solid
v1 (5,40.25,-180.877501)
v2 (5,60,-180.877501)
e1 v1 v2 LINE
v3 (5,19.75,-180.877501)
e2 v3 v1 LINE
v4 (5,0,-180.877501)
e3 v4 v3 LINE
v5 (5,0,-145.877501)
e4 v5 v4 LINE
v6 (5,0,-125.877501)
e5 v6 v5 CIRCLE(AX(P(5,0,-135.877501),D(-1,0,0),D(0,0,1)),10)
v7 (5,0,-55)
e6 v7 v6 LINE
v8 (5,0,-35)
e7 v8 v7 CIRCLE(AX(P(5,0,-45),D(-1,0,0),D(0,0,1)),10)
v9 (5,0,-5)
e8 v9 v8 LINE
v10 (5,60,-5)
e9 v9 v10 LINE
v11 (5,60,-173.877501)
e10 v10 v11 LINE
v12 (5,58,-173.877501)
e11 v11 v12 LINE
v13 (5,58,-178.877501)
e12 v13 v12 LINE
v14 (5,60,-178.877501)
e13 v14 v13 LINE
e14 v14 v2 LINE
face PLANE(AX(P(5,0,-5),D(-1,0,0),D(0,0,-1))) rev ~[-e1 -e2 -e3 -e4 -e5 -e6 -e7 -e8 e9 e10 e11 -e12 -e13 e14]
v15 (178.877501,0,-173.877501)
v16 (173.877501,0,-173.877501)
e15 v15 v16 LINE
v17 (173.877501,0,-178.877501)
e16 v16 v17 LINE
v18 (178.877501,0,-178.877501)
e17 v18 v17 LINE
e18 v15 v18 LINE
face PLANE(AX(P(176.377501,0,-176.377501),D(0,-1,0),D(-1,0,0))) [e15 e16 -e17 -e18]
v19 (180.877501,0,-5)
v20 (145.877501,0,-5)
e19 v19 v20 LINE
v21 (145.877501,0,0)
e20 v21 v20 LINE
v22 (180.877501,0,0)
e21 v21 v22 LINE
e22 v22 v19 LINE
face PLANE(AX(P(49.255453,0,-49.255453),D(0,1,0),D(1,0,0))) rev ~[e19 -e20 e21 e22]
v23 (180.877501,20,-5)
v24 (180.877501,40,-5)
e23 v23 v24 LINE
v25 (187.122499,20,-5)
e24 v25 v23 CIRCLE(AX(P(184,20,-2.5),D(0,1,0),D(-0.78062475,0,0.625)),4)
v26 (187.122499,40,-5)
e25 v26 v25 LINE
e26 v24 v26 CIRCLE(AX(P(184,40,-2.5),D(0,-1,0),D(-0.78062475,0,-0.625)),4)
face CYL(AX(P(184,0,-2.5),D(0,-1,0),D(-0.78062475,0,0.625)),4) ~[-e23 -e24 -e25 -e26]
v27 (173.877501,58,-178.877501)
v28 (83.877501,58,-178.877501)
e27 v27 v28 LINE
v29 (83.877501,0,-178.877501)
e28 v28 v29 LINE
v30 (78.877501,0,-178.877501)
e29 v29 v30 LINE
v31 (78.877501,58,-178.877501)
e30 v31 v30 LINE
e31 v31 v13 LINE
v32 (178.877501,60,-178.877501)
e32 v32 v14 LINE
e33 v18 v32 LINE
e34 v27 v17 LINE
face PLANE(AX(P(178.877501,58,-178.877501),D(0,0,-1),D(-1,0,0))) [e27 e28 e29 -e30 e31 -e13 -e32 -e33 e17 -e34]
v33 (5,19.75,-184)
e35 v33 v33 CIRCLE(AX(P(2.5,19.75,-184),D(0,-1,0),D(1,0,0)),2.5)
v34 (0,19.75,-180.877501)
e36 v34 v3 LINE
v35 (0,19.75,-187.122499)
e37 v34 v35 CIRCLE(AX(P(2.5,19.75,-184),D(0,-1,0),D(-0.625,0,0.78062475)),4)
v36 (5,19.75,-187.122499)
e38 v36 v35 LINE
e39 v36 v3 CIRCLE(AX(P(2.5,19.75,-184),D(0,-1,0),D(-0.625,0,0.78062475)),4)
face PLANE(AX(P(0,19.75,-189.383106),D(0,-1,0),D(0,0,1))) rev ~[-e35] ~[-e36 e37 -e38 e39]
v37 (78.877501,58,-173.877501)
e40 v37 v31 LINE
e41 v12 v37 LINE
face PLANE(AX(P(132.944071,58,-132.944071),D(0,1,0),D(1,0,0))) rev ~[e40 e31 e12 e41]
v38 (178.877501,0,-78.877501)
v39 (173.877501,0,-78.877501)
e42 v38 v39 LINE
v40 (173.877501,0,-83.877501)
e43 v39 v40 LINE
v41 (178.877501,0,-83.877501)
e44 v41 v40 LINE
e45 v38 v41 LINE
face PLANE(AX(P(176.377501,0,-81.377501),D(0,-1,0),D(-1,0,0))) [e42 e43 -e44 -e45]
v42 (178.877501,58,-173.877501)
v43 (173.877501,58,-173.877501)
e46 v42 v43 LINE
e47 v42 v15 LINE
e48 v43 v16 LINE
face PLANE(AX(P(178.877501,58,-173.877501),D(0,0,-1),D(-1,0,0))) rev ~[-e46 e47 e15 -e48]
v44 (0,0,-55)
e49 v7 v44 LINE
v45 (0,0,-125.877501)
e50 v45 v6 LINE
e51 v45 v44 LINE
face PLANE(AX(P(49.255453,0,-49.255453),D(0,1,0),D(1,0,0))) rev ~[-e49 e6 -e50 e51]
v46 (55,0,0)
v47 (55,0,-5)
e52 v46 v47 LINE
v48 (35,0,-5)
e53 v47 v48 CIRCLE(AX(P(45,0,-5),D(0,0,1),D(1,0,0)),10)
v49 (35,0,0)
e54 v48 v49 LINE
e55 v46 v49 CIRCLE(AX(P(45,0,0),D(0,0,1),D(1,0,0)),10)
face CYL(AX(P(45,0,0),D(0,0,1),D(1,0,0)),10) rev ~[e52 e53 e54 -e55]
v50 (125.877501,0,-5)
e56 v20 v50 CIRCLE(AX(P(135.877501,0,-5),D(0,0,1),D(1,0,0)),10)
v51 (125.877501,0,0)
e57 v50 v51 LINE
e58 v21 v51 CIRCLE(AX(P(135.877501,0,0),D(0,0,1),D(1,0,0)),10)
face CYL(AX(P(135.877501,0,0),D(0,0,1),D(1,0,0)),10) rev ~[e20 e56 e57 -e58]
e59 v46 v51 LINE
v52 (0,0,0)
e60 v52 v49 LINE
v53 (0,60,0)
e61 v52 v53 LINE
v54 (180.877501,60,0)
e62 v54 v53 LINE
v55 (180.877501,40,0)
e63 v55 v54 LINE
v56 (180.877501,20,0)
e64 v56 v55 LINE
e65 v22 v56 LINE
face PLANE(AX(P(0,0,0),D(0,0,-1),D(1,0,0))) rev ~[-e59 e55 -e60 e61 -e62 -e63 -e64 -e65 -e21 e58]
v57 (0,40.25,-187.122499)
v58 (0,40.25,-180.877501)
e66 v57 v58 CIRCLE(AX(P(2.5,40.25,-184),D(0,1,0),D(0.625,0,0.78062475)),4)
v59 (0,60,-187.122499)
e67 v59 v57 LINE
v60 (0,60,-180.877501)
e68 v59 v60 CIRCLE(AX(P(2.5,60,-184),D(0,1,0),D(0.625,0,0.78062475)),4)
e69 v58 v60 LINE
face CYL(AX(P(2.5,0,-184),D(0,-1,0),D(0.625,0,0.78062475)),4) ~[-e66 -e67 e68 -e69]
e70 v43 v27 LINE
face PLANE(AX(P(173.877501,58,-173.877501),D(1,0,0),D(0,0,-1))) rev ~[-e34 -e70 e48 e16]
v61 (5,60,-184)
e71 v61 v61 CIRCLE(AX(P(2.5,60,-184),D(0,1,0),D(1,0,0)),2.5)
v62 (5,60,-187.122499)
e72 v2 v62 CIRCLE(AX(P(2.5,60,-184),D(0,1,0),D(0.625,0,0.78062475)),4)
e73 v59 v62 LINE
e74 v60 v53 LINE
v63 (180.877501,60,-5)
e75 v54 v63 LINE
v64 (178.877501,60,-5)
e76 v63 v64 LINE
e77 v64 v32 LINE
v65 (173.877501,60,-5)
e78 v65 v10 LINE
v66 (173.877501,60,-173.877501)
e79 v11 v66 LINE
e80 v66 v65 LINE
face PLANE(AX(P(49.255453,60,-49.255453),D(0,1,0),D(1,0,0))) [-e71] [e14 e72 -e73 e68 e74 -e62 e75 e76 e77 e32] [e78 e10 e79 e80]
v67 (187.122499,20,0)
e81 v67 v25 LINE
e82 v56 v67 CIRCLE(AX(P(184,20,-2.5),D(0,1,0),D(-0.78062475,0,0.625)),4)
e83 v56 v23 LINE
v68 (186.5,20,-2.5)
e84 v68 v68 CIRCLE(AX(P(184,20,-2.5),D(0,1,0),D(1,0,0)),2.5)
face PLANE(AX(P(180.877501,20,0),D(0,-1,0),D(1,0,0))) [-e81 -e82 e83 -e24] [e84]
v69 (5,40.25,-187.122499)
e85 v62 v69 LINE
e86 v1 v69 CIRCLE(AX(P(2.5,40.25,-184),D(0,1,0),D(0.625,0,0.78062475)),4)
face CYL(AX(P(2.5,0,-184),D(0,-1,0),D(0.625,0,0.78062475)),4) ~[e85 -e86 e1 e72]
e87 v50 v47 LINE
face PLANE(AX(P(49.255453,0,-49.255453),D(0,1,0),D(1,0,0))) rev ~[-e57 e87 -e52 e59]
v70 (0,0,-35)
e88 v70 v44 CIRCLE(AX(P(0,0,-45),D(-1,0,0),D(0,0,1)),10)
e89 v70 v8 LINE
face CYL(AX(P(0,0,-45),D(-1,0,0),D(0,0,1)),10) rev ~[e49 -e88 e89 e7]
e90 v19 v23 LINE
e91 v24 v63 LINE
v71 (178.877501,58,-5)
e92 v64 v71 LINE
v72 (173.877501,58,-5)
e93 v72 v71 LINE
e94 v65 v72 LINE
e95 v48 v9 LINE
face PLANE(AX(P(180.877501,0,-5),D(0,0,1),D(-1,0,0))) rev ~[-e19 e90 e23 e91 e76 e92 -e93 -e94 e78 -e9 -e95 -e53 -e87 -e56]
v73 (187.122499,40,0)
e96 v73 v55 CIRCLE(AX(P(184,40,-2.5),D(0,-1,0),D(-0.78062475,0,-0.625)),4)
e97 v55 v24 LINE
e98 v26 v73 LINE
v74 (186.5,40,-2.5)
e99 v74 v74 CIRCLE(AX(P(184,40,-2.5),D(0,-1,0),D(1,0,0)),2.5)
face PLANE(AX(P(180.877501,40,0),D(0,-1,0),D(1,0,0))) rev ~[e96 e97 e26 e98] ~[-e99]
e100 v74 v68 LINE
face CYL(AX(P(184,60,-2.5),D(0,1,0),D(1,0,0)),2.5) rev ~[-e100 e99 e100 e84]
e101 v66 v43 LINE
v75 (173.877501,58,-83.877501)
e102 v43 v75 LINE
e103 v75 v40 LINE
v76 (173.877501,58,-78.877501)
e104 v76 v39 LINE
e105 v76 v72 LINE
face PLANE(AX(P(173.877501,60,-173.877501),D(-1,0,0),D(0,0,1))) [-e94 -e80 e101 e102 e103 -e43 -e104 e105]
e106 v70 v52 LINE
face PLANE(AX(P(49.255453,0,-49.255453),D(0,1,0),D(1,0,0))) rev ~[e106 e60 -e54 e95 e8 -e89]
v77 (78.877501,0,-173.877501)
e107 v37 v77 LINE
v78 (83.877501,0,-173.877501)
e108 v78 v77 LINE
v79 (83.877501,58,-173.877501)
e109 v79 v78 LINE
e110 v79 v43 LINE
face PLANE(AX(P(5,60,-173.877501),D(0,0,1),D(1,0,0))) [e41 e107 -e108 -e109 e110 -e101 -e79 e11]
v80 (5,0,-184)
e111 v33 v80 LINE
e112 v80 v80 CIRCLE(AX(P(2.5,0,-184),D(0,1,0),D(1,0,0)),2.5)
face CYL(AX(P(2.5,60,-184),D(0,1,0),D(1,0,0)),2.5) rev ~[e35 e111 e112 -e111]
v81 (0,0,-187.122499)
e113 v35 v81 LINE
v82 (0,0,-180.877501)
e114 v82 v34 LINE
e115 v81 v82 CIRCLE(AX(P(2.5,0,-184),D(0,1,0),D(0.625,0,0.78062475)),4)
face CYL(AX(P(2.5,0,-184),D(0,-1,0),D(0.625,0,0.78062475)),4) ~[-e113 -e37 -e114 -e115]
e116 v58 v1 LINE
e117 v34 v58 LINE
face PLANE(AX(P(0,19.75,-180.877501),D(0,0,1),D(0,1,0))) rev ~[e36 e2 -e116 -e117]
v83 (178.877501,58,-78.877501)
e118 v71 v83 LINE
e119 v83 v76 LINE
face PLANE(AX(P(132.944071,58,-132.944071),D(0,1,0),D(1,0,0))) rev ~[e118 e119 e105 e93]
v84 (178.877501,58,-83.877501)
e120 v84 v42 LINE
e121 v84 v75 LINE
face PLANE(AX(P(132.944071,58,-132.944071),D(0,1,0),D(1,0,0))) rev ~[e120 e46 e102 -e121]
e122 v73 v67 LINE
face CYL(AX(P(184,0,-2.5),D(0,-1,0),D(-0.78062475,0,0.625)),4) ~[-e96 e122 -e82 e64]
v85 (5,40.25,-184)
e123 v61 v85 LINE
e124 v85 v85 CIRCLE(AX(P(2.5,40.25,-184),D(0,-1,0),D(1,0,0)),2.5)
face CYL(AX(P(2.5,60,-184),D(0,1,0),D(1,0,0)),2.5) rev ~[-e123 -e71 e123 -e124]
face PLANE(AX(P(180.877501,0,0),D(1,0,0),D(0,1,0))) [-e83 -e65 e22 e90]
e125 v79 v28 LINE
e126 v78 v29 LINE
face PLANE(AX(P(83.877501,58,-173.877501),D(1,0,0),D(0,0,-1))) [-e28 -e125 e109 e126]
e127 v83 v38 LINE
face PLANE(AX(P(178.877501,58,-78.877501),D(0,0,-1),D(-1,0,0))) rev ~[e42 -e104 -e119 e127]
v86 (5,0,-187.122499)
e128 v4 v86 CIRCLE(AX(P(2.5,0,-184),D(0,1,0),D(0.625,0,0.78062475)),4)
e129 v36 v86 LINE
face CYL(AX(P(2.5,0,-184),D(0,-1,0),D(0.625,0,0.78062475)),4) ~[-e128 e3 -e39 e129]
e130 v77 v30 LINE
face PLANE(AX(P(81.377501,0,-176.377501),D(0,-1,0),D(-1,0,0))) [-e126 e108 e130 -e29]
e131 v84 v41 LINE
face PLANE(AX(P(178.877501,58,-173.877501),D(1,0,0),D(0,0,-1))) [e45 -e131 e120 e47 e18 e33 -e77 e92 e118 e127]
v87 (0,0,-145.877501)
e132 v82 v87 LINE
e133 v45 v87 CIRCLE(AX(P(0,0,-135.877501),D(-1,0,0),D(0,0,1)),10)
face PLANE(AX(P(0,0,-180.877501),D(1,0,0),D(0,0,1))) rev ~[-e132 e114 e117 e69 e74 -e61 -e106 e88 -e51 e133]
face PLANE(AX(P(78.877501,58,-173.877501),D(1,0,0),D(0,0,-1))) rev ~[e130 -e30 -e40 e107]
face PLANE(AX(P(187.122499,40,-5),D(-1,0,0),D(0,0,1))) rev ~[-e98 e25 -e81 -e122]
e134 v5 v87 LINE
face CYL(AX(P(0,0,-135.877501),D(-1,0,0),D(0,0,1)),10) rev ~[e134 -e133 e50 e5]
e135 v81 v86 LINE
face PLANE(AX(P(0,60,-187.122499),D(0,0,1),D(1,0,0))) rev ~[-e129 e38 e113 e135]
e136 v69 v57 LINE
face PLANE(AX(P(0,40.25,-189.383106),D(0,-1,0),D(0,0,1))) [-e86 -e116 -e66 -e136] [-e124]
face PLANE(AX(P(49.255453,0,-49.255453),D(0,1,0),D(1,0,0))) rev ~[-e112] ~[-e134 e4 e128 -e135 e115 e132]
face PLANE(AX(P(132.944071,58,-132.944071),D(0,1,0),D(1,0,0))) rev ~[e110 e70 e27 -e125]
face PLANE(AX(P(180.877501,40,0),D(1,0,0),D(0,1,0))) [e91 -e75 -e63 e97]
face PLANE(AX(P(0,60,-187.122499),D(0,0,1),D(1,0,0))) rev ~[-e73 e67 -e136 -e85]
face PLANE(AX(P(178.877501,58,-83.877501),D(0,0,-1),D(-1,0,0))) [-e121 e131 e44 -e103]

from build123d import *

# Parameters (mm, degrees)
BOSS_EXTRUDE1_DEPTH     = 60
SKETCH2_R               = 2.5
CUT_EXTRUDE1_DEPTH      = 60
SKETCH4_W               = 7.122498999
SKETCH4_H               = 20
CUT_EXTRUDE3_DEPTH      = 2.5
CUT_EXTRUDE3_DEPTH_BACK = 189
CUT_EXTRUDE4_DEPTH      = 21
CUT_EXTRUDE4_DEPTH_BACK = 41
SKETCH6_W               = 8.505604829
SKETCH6_H               = 20.5
CUT_EXTRUDE6_DEPTH      = 2.5
CUT_EXTRUDE6_DEPTH_BACK = 188.122498999
CUT_EXTRUDE7_DEPTH      = 1
CUT_EXTRUDE7_DEPTH_BACK = 61
BOSS_EXTRUDE2_DEPTH     = 2
SKETCH9_W               = 5
SKETCH9_H               = 5
BOSS_EXTRUDE3_DEPTH     = 58


with BuildPart() as part:
    # Sketch1 → Boss-Extrude1 (new body)
    with BuildSketch(Plane(origin=(0, 0, 0), x_dir=(1, 0, 0), z_dir=(0, 1, 0))):
        with BuildLine():
            Line((0, 0), (180, 0))
            Line((180, 0), (180.877501001, 0))
            ThreePointArc((180.877501001, 0), (188, 2.5), (180.877501001, 5))
            Line((180.877501001, 5), (180, 5))
            Line((180, 5), (5, 5))
            Line((5, 5), (5, 180))
            Line((5, 180), (5, 180.877501001))
            ThreePointArc((5, 180.877501001), (2.5, 188), (0, 180.877501001))
            Line((0, 180.877501001), (0, 180))
            Line((0, 180), (0, 0))
        make_face()
    extrude(amount=BOSS_EXTRUDE1_DEPTH)

    # Sketch2 → Cut-Extrude1 (cut)
    with BuildSketch(Plane(origin=(0, 60, 0), x_dir=(1, 0, 0), z_dir=(0, 1, 0))):
        with Locations((184, 2.5)):
            Circle(SKETCH2_R)
        with Locations((2.5, 184)):
            Circle(SKETCH2_R)
    extrude(amount=-CUT_EXTRUDE1_DEPTH, mode=Mode.SUBTRACT)

    # Sketch4 → Cut-Extrude3 (cut, two sides)
    with BuildSketch(Plane.XY) as cut_extrude3_sk:
        with BuildLine():
            ThreePointArc((35, 0), (45, -10), (55, 0))
            Line((55, 0), (45, 0))
            Line((45, 0), (35, 0))
        make_face()
        with BuildLine():
            Line((45, 0), (55, 0))
            ThreePointArc((55, 0), (45, 10), (35, 0))
            Line((35, 0), (45, 0))
        make_face()
        with BuildLine():
            ThreePointArc((125.877501001, 0), (135.877501001, -10), (145.877501001, 0))
            Line((145.877501001, 0), (135.877501001, 0))
            Line((135.877501001, 0), (125.877501001, 0))
        make_face()
        with BuildLine():
            Line((135.877501001, 0), (145.877501001, 0))
            ThreePointArc((145.877501001, 0), (135.877501001, 10), (125.877501001, 0))
            Line((125.877501001, 0), (135.877501001, 0))
        make_face()
        with Locations((184.438750501, 10)):
            Rectangle(SKETCH4_W, SKETCH4_H)
        with Locations((184.438750501, 50)):
            Rectangle(SKETCH4_W, SKETCH4_H)
    extrude(amount=CUT_EXTRUDE3_DEPTH, mode=Mode.SUBTRACT)
    extrude(cut_extrude3_sk.sketch, amount=-CUT_EXTRUDE3_DEPTH_BACK, mode=Mode.SUBTRACT)

    # Sketch5 → Cut-Extrude4 (cut, two sides)
    with BuildSketch(Plane(origin=(0, 40, 0), x_dir=(1, 0, 0), z_dir=(0, 1, 0))) as cut_extrude4_sk:
        with BuildLine():
            Line((187.122498999, 5), (187.122498999, 2.5))
            Line((187.122498999, 2.5), (187.122498999, 0))
            ThreePointArc((187.122498999, 0), (188, 2.5), (187.122498999, 5))
        make_face()
    extrude(amount=CUT_EXTRUDE4_DEPTH, mode=Mode.SUBTRACT)
    extrude(cut_extrude4_sk.sketch, amount=-CUT_EXTRUDE4_DEPTH_BACK, mode=Mode.SUBTRACT)

    # Sketch6 → Cut-Extrude6 (cut, two sides)
    with BuildSketch(Plane.ZY) as cut_extrude6_sk:
        with BuildLine():
            ThreePointArc((-145.877501001, 0), (-135.877501001, -10), (-125.877501001, 0))
            Line((-125.877501001, 0), (-135.877501001, 0))
            Line((-135.877501001, 0), (-145.877501001, 0))
        make_face()
        with BuildLine():
            Line((-135.877501001, 0), (-125.877501001, 0))
            ThreePointArc((-125.877501001, 0), (-135.877501001, 10), (-145.877501001, 0))
            Line((-145.877501001, 0), (-135.877501001, 0))
        make_face()
        with BuildLine():
            ThreePointArc((-55, 0), (-45, -10), (-35, 0))
            Line((-35, 0), (-45, 0))
            Line((-45, 0), (-55, 0))
        make_face()
        with BuildLine():
            Line((-45, 0), (-35, 0))
            ThreePointArc((-35, 0), (-45, 10), (-55, 0))
            Line((-55, 0), (-45, 0))
        make_face()
        with Locations((-185.130303416, 30)):
            Rectangle(SKETCH6_W, SKETCH6_H)
    extrude(amount=CUT_EXTRUDE6_DEPTH, mode=Mode.SUBTRACT)
    extrude(cut_extrude6_sk.sketch, amount=-CUT_EXTRUDE6_DEPTH_BACK, mode=Mode.SUBTRACT)

    # Sketch7 → Cut-Extrude7 (cut, two sides)
    with BuildSketch(Plane(origin=(0, 60, 0), x_dir=(1, 0, 0), z_dir=(0, 1, 0))) as cut_extrude7_sk:
        with BuildLine():
            ThreePointArc((5, 187.122498999), (2.5, 188), (0, 187.122498999))
            Line((0, 187.122498999), (2.5, 187.122498999))
            Line((2.5, 187.122498999), (5, 187.122498999))
        make_face()
    extrude(amount=CUT_EXTRUDE7_DEPTH, mode=Mode.SUBTRACT)
    extrude(cut_extrude7_sk.sketch, amount=-CUT_EXTRUDE7_DEPTH_BACK, mode=Mode.SUBTRACT)

    # Sketch8 → Boss-Extrude2 (add)
    with BuildSketch(Plane(origin=(0, 60, 0), x_dir=(1, 0, 0), z_dir=(0, 1, 0))):
        Polygon((178.877501001, 178.877501001), (5, 178.877501001), (5, 173.877501001), (173.877501001, 173.877501001), (173.877501001, 5), (178.877501001, 5), align=None)
    extrude(amount=-BOSS_EXTRUDE2_DEPTH)

    # Sketch9 → Boss-Extrude3 (add)
    with BuildSketch(Plane(origin=(0, 58, 0), x_dir=(-1, 0, 0), z_dir=(0, -1, 0))):
        with Locations((-176.377501001, 176.377501001)):
            Rectangle(SKETCH9_W, SKETCH9_H)
        with Locations((-176.377501001, 81.377501001)):
            Rectangle(SKETCH9_W, SKETCH9_H)
        with Locations((-81.377501001, 176.377501001)):
            Rectangle(SKETCH9_W, SKETCH9_H)
    extrude(amount=BOSS_EXTRUDE3_DEPTH)


solid = part.part
